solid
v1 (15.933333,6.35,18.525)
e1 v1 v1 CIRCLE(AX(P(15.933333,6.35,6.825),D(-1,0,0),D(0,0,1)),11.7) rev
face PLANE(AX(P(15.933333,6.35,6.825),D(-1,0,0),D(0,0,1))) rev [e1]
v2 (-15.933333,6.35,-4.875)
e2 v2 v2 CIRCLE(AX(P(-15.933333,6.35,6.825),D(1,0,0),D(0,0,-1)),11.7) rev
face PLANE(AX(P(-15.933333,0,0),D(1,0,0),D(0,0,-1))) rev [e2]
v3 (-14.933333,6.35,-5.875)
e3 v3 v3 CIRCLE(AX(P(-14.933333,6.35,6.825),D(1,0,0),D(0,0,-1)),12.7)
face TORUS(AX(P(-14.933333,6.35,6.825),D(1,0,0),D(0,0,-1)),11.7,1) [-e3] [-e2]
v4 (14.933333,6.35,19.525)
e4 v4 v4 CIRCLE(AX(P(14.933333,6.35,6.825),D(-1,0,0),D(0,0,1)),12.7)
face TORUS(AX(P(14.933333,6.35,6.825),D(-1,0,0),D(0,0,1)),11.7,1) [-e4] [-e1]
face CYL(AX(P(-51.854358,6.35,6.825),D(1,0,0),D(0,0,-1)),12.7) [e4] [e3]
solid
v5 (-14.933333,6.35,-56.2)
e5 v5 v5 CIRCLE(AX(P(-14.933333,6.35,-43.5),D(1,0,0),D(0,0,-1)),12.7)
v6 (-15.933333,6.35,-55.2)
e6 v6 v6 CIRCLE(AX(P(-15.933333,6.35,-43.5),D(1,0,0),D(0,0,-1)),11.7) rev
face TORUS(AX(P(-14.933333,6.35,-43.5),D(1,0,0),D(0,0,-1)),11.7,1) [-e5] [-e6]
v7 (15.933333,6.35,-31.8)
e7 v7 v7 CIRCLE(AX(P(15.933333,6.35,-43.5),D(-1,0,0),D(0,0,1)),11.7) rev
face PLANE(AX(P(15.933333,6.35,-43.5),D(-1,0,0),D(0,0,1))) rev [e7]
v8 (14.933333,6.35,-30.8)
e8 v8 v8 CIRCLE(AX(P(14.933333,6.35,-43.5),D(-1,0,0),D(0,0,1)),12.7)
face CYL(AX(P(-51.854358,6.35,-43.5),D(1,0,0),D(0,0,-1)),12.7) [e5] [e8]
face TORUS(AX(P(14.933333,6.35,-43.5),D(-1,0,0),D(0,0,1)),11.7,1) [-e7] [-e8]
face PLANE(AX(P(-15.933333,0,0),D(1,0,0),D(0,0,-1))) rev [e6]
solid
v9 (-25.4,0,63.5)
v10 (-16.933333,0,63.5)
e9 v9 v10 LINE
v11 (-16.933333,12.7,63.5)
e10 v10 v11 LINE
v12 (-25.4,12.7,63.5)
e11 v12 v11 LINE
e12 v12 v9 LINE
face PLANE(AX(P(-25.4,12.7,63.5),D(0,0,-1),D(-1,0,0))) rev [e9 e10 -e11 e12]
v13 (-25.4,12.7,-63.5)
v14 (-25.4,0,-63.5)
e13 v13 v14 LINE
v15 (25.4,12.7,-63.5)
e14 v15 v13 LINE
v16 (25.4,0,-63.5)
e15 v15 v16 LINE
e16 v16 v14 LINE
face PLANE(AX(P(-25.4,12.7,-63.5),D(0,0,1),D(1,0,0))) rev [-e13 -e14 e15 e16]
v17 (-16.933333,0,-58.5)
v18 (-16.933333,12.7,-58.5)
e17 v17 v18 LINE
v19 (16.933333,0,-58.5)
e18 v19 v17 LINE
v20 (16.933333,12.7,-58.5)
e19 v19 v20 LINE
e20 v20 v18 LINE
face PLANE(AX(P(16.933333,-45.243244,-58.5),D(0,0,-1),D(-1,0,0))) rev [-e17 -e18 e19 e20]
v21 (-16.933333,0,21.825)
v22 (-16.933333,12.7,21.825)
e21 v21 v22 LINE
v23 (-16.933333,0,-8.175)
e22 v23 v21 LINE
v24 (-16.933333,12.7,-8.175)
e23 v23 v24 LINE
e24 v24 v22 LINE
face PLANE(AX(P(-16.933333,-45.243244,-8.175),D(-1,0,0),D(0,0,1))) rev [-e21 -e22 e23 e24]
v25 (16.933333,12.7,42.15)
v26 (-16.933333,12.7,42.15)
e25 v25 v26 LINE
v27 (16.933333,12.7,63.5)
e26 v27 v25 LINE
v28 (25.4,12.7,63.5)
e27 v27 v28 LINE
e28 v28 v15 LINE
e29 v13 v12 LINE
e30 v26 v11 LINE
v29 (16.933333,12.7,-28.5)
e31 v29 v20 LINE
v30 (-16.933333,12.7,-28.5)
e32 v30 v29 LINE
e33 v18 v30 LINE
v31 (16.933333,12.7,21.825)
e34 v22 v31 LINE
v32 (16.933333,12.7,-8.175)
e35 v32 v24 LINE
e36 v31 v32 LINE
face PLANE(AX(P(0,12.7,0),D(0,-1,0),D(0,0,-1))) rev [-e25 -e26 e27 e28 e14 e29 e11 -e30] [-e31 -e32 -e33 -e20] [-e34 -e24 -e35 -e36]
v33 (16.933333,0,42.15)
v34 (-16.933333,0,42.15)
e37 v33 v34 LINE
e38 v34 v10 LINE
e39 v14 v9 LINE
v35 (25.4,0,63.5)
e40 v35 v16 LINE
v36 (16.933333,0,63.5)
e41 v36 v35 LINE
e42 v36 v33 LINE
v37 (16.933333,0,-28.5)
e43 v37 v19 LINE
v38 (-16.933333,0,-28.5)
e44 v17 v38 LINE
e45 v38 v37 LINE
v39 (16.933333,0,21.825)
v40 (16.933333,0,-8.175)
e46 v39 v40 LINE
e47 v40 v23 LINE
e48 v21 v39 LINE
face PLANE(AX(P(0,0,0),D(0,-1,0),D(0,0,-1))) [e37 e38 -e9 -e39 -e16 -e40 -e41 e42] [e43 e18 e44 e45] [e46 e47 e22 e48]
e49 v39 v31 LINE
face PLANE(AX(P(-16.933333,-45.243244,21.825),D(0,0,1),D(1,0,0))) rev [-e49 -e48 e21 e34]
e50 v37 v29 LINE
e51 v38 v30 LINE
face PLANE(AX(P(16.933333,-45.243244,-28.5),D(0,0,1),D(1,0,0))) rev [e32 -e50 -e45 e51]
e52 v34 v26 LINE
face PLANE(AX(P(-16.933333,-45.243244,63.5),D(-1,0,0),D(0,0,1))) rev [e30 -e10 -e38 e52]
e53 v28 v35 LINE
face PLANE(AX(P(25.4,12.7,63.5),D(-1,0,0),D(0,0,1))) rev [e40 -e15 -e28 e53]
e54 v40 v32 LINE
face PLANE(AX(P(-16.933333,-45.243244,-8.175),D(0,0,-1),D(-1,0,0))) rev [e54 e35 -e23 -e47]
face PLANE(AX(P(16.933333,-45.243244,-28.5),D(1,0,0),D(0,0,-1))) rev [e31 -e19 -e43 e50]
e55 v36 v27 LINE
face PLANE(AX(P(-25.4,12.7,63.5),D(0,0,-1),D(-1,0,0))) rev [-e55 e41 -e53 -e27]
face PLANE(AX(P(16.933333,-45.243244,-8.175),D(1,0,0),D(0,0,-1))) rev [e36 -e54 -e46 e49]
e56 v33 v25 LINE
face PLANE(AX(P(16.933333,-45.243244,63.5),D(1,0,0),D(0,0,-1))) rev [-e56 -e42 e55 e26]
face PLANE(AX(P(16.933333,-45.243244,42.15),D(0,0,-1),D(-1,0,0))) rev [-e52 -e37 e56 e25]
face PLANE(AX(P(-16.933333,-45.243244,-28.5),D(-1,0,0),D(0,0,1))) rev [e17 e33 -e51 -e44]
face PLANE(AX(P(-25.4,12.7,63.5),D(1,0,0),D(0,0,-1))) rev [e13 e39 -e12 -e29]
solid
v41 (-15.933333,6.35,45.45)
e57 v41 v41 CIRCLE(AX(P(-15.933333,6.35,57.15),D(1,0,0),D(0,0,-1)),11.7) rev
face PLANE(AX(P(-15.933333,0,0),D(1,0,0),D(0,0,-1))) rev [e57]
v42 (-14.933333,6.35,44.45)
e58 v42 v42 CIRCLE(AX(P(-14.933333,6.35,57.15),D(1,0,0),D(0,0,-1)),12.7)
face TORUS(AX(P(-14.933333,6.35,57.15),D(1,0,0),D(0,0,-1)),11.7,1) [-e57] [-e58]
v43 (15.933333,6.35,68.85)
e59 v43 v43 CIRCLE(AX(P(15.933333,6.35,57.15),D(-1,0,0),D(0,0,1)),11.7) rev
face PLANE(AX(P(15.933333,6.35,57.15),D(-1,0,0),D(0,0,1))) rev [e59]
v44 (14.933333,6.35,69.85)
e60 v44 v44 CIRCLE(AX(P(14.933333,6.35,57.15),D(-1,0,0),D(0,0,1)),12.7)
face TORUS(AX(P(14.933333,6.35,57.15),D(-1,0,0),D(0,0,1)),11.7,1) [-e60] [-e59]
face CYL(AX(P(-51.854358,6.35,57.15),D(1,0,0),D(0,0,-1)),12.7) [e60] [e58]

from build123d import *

# Parameters (mm, degrees)
SKETCH1_W             = 50.8
SKETCH1_H             = 127
BOSS_EXTRUDE1_DEPTH   = 12.7
SKETCH3_W             = 33.866666666
SKETCH3_H             = 21.35
SKETCH3_H_2           = 30
CUT_EXTRUDE1_DEPTH    = 12.7
SKETCH5_R             = 12.7
BOSS_EXTRUDE2_DEPTH   = 31.866667
BOSS_EXTRUDE2_2_DEPTH = 31.866667
BOSS_EXTRUDE2_3_DEPTH = 31.866667
FILLET1_R             = 1
FILLET2_R             = 1
FILLET3_R             = 1


with BuildPart() as part:
    # Sketch1 → Boss-Extrude1 (new body)
    with BuildSketch(Plane(origin=(0, 0, 0), x_dir=(1, 0, 0), z_dir=(0, 1, 0))):
        Rectangle(SKETCH1_W, SKETCH1_H)
    extrude(amount=BOSS_EXTRUDE1_DEPTH)

    # Sketch3 → Cut-Extrude1 (cut)
    with BuildSketch(Plane(origin=(0, 12.7, 0), x_dir=(1, 0, 0), z_dir=(0, 1, 0))):
        with Locations((0, -52.825)):
            Rectangle(SKETCH3_W, SKETCH3_H)
        with Locations((0, -6.825)):
            Rectangle(SKETCH3_W, SKETCH3_H_2)
        with Locations((0, 43.5)):
            Rectangle(SKETCH3_W, SKETCH3_H_2)
    extrude(amount=-CUT_EXTRUDE1_DEPTH, mode=Mode.SUBTRACT)


with BuildPart() as body_2:
    # Sketch5 → Boss-Extrude2 (new body)
    with BuildSketch(Plane.ZY.offset(-15.933333333)):
        with Locations((6.825, 6.35)):
            Circle(SKETCH5_R)
    extrude(amount=BOSS_EXTRUDE2_DEPTH)

    # Fillet1
    fillet1_edges = [body_2.edges().sort_by_distance(p)[0] for p in [
        (15.933333333, 6.35, -5.875),
        (-15.933333667, 6.35, -5.875),
    ]]
    fillet(fillet1_edges, radius=FILLET1_R)


with BuildPart() as body_3:
    # Sketch5 → Boss-Extrude2 2 (new body)
    with BuildSketch(Plane.ZY.offset(-15.933333333)):
        with Locations((-43.5, 6.35)):
            Circle(SKETCH5_R)
    extrude(amount=BOSS_EXTRUDE2_2_DEPTH)

    # Fillet2
    fillet2_edges = [body_3.edges().sort_by_distance(p)[0] for p in [
        (15.933333333, 6.35, -56.2),
        (-15.933333667, 6.35, -56.2),
    ]]
    fillet(fillet2_edges, radius=FILLET2_R)


with BuildPart() as body_4:
    # Sketch5 → Boss-Extrude2 3 (new body)
    with BuildSketch(Plane.ZY.offset(-15.933333333)):
        with Locations((57.15, 6.35)):
            Circle(SKETCH5_R)
    extrude(amount=BOSS_EXTRUDE2_3_DEPTH)

    # Fillet3
    fillet3_edges = [body_4.edges().sort_by_distance(p)[0] for p in [
        (15.933333333, 6.35, 44.45),
        (-15.933333667, 6.35, 44.45),
    ]]
    fillet(fillet3_edges, radius=FILLET3_R)


solid = Compound([part.part, body_2.part, body_3.part, body_4.part])
